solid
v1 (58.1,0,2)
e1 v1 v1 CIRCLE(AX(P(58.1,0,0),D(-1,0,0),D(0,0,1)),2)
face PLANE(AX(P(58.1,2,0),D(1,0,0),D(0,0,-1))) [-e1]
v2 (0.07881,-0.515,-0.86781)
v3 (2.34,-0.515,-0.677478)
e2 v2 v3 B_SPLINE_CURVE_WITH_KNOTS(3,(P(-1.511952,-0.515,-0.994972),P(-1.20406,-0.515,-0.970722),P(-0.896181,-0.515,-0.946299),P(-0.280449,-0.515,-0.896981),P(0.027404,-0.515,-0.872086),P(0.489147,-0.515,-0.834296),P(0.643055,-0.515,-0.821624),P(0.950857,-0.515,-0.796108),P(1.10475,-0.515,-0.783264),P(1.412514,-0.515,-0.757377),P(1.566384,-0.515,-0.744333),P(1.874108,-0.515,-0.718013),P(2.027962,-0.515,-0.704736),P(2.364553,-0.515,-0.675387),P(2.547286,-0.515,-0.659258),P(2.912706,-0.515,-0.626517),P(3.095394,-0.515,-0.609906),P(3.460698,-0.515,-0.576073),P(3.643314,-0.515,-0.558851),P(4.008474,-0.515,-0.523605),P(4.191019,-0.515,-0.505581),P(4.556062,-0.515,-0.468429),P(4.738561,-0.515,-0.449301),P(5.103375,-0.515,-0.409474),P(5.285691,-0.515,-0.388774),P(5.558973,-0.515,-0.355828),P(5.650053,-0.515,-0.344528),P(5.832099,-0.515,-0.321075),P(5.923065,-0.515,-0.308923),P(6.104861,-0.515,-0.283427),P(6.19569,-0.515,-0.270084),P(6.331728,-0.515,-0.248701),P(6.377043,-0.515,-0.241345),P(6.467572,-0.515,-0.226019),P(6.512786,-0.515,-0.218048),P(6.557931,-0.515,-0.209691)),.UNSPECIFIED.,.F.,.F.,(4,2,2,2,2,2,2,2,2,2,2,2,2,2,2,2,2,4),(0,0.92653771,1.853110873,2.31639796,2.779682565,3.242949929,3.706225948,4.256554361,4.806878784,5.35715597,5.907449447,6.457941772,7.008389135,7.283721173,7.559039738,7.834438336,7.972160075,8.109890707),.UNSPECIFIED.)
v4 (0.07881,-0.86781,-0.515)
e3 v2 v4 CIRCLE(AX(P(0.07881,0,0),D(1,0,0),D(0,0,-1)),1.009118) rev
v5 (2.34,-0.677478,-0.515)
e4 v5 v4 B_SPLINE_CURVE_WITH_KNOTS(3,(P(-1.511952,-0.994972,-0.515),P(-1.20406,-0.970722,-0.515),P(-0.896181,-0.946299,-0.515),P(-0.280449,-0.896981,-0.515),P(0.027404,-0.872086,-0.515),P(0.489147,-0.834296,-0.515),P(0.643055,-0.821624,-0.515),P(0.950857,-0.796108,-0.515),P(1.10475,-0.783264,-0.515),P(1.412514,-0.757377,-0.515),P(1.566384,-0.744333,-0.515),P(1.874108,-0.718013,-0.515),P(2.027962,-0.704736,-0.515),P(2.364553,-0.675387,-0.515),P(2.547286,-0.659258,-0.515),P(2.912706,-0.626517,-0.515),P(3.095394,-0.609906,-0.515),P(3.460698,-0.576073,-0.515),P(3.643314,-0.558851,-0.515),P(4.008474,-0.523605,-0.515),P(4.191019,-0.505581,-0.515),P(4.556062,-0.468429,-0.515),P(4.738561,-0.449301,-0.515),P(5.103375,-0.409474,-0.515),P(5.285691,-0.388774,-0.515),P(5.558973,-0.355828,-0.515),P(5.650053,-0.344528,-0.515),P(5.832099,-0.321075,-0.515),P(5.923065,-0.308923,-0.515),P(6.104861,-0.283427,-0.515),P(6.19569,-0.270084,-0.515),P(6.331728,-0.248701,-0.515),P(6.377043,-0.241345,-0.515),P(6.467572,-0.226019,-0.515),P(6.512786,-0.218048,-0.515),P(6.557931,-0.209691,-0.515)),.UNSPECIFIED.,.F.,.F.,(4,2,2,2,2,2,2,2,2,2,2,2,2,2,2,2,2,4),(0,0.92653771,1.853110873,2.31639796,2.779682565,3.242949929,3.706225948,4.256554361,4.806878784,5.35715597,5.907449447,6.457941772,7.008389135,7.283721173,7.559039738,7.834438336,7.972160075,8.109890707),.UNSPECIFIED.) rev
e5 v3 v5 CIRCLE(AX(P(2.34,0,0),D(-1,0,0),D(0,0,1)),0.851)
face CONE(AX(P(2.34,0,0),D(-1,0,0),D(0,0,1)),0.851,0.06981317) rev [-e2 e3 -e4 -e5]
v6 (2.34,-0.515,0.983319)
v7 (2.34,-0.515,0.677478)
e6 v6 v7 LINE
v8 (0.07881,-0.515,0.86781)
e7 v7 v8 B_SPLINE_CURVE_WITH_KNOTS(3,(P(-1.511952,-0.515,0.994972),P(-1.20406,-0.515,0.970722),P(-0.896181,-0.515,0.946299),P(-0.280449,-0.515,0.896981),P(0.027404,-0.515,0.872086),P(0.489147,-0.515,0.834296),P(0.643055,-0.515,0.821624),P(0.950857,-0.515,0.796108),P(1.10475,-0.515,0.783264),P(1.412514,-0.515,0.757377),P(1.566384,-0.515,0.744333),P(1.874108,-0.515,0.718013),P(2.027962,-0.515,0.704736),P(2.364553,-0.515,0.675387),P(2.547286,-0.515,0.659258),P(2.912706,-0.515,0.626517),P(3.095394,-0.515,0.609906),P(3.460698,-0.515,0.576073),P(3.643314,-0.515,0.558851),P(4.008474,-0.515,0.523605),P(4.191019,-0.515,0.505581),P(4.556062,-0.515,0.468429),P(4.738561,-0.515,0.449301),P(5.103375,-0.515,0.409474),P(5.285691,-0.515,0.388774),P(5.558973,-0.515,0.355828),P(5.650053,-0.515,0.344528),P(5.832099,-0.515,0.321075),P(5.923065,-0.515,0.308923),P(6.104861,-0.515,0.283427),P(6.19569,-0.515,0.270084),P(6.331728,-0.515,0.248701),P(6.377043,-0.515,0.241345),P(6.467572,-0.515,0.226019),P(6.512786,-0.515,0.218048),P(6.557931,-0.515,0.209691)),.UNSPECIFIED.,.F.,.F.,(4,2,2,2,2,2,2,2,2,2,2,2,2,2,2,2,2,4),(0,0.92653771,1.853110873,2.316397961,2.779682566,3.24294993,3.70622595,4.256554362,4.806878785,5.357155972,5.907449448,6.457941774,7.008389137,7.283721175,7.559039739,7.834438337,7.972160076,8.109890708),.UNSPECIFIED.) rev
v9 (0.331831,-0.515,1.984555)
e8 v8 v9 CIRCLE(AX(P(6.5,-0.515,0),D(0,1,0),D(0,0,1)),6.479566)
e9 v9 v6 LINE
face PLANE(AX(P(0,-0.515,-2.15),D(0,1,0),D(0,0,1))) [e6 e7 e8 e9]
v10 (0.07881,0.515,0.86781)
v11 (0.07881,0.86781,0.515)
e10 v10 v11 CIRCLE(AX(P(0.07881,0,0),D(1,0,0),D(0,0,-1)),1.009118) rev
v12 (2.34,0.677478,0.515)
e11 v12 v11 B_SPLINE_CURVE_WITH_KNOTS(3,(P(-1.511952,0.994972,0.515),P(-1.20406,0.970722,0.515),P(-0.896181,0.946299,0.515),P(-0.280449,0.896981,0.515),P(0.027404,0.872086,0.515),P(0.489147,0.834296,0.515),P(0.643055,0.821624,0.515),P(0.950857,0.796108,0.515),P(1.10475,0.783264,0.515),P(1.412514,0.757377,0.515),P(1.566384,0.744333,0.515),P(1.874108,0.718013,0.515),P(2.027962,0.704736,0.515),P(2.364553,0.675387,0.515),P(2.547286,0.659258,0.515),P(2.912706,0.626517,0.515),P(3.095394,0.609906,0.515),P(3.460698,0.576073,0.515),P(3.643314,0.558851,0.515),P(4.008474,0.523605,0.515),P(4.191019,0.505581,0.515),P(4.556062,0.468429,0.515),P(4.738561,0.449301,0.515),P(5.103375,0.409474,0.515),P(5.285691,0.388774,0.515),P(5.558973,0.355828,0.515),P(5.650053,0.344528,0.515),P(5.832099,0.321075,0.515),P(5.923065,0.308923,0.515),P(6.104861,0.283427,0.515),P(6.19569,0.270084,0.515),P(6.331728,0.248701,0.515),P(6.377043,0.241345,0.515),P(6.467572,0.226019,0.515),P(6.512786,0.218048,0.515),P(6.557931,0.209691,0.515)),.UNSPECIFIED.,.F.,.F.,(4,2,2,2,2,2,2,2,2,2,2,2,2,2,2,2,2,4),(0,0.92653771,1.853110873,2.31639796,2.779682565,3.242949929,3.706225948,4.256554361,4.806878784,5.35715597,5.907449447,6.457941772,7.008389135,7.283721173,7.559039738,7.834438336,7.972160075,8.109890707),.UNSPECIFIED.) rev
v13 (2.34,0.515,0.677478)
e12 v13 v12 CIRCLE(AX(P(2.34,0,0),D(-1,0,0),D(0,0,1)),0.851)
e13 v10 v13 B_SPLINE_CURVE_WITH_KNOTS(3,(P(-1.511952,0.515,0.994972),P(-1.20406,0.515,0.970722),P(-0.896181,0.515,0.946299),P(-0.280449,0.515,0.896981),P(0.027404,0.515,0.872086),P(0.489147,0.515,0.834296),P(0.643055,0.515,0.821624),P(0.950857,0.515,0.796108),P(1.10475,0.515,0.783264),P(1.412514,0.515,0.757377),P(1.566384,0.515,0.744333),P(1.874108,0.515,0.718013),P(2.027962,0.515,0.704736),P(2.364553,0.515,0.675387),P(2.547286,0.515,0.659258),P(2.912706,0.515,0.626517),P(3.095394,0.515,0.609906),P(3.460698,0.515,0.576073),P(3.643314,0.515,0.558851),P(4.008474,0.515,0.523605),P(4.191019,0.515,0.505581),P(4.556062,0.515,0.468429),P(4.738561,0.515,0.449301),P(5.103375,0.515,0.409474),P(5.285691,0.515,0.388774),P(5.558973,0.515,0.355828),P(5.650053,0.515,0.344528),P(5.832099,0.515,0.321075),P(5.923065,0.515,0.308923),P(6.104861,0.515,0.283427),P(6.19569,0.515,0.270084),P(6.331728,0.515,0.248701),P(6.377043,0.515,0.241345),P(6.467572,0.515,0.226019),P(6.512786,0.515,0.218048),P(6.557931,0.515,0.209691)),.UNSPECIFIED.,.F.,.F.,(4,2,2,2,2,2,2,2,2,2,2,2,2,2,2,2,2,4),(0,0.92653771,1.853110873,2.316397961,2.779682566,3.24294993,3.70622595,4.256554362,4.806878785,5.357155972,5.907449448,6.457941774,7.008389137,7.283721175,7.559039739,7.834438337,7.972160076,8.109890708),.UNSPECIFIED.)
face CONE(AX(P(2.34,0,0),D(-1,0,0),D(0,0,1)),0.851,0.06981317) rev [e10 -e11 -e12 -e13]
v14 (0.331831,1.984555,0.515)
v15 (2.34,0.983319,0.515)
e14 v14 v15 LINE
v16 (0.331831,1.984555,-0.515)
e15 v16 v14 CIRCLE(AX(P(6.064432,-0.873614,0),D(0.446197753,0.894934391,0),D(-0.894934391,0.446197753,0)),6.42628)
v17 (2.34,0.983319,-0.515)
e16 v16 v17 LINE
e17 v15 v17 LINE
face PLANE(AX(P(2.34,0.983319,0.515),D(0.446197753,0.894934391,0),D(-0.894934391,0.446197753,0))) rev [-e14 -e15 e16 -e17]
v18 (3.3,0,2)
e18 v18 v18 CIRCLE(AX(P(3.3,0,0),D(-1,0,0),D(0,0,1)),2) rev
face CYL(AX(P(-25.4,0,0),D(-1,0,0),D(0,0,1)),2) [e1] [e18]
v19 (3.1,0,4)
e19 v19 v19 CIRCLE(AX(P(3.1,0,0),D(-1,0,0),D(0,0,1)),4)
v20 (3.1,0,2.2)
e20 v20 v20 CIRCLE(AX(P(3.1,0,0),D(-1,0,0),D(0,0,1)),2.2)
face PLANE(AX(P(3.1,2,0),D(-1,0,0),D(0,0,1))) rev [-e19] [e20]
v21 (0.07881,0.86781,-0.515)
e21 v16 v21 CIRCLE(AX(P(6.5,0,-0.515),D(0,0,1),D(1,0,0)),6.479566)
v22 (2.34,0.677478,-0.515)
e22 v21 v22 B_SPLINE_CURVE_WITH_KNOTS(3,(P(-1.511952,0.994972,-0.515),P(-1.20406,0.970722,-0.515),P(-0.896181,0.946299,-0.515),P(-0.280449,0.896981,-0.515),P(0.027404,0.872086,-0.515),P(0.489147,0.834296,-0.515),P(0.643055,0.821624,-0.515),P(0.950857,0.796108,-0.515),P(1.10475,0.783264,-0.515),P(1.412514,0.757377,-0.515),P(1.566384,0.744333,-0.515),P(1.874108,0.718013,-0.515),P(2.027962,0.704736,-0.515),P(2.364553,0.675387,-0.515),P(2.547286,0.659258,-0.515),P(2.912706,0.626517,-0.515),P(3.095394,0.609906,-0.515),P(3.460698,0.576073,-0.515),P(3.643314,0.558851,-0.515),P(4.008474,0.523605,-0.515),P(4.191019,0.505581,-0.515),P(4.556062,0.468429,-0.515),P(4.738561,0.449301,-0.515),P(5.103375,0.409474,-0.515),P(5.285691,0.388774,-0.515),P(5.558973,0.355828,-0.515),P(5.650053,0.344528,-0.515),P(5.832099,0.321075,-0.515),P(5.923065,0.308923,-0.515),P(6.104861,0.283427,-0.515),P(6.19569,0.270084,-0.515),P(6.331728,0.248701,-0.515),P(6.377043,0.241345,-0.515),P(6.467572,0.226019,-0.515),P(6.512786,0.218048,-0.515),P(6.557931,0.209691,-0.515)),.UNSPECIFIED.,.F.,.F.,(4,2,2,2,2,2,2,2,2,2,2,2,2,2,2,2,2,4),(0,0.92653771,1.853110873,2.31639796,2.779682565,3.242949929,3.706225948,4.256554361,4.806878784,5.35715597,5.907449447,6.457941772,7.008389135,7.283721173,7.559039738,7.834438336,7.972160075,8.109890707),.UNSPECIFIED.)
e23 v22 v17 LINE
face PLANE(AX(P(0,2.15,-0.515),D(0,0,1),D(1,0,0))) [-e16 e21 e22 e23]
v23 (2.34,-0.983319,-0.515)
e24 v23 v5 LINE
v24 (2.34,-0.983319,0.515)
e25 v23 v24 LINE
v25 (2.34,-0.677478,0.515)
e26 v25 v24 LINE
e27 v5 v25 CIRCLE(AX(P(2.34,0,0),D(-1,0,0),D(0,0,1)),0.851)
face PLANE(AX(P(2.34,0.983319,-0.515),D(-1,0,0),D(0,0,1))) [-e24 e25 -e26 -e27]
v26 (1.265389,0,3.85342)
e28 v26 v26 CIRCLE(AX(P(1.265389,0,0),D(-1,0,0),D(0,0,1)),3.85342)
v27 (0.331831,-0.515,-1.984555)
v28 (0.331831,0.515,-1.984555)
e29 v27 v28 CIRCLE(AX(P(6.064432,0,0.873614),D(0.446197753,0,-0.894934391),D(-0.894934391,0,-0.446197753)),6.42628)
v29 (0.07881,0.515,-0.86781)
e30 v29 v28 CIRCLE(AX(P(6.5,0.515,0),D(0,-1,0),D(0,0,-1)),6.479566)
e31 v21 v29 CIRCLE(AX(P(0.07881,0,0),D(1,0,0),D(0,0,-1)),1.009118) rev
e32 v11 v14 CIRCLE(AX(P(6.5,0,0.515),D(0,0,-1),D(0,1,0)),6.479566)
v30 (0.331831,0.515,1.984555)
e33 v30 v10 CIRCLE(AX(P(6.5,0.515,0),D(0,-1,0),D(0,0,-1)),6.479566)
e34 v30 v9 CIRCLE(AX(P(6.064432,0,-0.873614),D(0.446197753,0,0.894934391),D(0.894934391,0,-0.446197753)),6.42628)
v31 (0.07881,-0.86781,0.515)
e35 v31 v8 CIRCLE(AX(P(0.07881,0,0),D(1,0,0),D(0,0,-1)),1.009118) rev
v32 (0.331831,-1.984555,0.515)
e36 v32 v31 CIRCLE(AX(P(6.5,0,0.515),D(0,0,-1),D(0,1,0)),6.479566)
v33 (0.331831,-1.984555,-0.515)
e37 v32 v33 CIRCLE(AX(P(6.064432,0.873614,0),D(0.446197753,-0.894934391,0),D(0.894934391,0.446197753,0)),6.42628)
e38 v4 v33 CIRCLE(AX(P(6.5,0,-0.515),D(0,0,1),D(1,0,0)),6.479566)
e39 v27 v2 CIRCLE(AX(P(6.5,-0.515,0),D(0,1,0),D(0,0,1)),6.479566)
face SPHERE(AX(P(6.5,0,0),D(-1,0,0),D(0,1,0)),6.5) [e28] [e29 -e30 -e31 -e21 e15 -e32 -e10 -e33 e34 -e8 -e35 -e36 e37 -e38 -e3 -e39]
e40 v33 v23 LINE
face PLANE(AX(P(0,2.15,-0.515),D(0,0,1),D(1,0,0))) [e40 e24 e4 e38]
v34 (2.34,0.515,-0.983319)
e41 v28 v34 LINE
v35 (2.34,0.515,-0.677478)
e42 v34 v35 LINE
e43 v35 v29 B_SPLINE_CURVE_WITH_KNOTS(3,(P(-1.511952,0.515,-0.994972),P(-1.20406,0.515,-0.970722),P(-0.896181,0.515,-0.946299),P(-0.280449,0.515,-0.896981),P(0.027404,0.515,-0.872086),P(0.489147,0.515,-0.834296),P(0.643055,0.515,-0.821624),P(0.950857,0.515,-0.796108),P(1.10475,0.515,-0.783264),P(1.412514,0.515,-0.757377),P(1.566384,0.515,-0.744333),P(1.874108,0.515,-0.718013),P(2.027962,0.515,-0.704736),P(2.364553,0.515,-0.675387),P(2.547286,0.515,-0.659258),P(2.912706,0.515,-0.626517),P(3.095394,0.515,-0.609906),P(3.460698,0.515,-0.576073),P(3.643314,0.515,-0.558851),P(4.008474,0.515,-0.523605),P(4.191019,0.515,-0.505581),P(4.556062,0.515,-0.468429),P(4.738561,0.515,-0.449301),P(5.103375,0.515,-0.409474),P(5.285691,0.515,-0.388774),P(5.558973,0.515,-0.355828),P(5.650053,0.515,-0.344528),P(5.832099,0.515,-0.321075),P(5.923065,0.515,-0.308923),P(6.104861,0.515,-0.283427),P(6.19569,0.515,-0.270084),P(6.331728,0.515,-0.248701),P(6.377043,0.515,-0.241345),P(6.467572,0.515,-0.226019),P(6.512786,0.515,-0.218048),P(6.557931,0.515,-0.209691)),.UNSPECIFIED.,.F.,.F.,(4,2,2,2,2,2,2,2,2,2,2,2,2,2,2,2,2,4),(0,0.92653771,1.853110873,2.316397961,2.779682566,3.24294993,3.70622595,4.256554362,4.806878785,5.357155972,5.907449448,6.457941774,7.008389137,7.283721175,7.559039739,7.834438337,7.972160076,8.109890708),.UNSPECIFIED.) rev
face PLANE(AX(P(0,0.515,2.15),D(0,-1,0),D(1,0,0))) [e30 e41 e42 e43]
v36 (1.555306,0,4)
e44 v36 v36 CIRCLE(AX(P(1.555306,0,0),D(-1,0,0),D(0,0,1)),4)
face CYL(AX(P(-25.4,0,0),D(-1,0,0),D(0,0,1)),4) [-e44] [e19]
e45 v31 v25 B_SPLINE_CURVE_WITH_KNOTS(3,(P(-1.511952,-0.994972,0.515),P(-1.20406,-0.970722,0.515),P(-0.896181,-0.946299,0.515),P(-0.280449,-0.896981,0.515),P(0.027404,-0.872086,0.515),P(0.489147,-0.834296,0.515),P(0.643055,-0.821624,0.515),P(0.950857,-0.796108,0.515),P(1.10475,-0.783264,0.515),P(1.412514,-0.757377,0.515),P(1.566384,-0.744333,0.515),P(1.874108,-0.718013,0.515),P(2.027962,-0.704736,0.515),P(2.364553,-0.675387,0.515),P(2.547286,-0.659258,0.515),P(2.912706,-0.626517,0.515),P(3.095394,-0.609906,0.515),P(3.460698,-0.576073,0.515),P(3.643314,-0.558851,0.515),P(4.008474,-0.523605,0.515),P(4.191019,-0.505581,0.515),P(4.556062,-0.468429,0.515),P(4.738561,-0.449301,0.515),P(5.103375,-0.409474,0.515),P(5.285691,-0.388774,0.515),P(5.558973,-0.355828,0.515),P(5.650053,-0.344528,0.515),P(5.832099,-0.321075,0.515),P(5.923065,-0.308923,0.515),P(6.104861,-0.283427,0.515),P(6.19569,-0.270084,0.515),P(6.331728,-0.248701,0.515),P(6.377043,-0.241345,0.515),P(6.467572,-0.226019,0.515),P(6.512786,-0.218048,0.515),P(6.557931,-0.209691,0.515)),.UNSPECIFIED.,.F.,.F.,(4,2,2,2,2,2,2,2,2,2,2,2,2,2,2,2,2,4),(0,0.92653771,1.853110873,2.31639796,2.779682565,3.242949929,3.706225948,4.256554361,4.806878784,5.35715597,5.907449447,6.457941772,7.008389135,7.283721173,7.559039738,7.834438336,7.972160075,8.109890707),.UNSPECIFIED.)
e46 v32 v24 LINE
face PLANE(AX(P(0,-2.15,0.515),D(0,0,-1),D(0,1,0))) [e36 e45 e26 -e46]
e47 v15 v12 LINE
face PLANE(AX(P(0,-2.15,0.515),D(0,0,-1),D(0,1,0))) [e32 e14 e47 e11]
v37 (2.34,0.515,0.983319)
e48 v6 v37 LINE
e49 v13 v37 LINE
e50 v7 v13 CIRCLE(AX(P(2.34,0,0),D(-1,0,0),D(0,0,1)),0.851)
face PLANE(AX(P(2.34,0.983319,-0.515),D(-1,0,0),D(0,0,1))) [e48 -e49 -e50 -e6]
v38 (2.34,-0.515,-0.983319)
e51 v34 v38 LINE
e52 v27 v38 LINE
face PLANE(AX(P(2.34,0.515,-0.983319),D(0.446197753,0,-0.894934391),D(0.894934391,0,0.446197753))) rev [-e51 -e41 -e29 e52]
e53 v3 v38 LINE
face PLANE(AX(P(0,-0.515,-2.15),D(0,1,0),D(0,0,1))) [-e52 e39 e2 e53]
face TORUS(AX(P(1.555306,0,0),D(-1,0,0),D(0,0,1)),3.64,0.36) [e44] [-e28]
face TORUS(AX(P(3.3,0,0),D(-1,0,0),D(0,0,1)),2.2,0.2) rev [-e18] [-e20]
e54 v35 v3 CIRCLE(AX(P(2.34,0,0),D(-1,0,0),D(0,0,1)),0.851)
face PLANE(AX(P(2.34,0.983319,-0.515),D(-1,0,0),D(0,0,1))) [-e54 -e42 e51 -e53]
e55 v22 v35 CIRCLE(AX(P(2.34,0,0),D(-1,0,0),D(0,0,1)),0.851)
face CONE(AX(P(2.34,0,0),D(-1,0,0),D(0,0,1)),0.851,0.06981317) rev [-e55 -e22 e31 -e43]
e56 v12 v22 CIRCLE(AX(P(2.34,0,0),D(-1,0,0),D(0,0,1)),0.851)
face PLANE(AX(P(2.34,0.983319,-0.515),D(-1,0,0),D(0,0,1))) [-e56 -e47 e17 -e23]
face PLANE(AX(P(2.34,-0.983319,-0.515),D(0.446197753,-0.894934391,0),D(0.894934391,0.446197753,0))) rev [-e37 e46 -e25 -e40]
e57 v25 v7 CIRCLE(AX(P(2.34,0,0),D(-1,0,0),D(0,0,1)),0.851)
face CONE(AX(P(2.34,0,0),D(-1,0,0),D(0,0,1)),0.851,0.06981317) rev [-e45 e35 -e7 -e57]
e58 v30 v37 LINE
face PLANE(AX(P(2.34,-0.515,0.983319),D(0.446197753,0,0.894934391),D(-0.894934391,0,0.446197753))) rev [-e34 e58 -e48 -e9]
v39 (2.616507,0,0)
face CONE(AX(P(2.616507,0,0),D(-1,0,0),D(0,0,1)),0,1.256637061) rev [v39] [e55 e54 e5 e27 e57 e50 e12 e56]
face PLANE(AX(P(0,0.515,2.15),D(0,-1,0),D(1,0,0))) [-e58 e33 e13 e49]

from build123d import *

# Parameters (mm, degrees)
FILLET1_R    = 0.2
SKETCH3_W    = 1.03
SKETCH3_H    = 4.3
SKETCH4_W    = 1.03
SKETCH4_H    = 1.966638464
RECPAT_COUNT = 2
RECPAT_ANGLE = 90


with BuildPart() as part:
    # BodySke → Base-Revolve (revolve)
    with BuildSketch(Plane.XY):
        with BuildLine():
            Line((3.1, 2), (3.1, 4))
            Line((3.1, 4), (1.555305874, 4))
            ThreePointArc((1.555305874, 4), (1.392873227, 3.961271902), (1.265388955, 3.853420195))
            ThreePointArc((1.265388955, 3.853420195), (0.324444487, 2.027933456), (0, 0))
            Line((0, 0), (58.1, 0))
            Line((58.1, 0), (58.1, 2))
            Line((58.1, 2), (3.1, 2))
        make_face()
    revolve(axis=Axis((-25.4, 0, 0), (1, 0, 0)))

    # Fillet1
    fillet1_edges = [part.edges().sort_by_distance(p)[0] for p in [
        (3.1, -2, 0),
    ]]
    fillet(fillet1_edges, radius=FILLET1_R)

    # Sketch3 → Recess section 0
    with BuildSketch(Plane(origin=(0, 0, 0), x_dir=(0, 0, -1), z_dir=(1, 0, 0))):
        Rectangle(SKETCH3_W, SKETCH3_H)
    # Sketch4 → Recess section 1
    with BuildSketch(Plane(origin=(2.34, 0, 0), x_dir=(0, 0, -1), z_dir=(1, 0, 0))):
        Rectangle(SKETCH4_W, SKETCH4_H)
    recess = loft(mode=Mode.SUBTRACT)

    # RecPat: Recess ×2 about axis
    recpat_axis = Axis((0, 0, 0), (1, 0, 0))
    for i in range(1, RECPAT_COUNT):
        add(recess.rotate(recpat_axis, i * RECPAT_ANGLE / (RECPAT_COUNT - 1)), mode=Mode.SUBTRACT)

    # RecCorSke → RecessCore (revolve, cut)
    with BuildSketch(Plane.XY):
        Polygon((0, 0), (0, 1.01462874), (2.34, 0.851), (2.616506661, 0), align=None)
    revolve(axis=Axis((-3.175, 0, 0), (1, 0, 0)), mode=Mode.SUBTRACT)


solid = part.part
